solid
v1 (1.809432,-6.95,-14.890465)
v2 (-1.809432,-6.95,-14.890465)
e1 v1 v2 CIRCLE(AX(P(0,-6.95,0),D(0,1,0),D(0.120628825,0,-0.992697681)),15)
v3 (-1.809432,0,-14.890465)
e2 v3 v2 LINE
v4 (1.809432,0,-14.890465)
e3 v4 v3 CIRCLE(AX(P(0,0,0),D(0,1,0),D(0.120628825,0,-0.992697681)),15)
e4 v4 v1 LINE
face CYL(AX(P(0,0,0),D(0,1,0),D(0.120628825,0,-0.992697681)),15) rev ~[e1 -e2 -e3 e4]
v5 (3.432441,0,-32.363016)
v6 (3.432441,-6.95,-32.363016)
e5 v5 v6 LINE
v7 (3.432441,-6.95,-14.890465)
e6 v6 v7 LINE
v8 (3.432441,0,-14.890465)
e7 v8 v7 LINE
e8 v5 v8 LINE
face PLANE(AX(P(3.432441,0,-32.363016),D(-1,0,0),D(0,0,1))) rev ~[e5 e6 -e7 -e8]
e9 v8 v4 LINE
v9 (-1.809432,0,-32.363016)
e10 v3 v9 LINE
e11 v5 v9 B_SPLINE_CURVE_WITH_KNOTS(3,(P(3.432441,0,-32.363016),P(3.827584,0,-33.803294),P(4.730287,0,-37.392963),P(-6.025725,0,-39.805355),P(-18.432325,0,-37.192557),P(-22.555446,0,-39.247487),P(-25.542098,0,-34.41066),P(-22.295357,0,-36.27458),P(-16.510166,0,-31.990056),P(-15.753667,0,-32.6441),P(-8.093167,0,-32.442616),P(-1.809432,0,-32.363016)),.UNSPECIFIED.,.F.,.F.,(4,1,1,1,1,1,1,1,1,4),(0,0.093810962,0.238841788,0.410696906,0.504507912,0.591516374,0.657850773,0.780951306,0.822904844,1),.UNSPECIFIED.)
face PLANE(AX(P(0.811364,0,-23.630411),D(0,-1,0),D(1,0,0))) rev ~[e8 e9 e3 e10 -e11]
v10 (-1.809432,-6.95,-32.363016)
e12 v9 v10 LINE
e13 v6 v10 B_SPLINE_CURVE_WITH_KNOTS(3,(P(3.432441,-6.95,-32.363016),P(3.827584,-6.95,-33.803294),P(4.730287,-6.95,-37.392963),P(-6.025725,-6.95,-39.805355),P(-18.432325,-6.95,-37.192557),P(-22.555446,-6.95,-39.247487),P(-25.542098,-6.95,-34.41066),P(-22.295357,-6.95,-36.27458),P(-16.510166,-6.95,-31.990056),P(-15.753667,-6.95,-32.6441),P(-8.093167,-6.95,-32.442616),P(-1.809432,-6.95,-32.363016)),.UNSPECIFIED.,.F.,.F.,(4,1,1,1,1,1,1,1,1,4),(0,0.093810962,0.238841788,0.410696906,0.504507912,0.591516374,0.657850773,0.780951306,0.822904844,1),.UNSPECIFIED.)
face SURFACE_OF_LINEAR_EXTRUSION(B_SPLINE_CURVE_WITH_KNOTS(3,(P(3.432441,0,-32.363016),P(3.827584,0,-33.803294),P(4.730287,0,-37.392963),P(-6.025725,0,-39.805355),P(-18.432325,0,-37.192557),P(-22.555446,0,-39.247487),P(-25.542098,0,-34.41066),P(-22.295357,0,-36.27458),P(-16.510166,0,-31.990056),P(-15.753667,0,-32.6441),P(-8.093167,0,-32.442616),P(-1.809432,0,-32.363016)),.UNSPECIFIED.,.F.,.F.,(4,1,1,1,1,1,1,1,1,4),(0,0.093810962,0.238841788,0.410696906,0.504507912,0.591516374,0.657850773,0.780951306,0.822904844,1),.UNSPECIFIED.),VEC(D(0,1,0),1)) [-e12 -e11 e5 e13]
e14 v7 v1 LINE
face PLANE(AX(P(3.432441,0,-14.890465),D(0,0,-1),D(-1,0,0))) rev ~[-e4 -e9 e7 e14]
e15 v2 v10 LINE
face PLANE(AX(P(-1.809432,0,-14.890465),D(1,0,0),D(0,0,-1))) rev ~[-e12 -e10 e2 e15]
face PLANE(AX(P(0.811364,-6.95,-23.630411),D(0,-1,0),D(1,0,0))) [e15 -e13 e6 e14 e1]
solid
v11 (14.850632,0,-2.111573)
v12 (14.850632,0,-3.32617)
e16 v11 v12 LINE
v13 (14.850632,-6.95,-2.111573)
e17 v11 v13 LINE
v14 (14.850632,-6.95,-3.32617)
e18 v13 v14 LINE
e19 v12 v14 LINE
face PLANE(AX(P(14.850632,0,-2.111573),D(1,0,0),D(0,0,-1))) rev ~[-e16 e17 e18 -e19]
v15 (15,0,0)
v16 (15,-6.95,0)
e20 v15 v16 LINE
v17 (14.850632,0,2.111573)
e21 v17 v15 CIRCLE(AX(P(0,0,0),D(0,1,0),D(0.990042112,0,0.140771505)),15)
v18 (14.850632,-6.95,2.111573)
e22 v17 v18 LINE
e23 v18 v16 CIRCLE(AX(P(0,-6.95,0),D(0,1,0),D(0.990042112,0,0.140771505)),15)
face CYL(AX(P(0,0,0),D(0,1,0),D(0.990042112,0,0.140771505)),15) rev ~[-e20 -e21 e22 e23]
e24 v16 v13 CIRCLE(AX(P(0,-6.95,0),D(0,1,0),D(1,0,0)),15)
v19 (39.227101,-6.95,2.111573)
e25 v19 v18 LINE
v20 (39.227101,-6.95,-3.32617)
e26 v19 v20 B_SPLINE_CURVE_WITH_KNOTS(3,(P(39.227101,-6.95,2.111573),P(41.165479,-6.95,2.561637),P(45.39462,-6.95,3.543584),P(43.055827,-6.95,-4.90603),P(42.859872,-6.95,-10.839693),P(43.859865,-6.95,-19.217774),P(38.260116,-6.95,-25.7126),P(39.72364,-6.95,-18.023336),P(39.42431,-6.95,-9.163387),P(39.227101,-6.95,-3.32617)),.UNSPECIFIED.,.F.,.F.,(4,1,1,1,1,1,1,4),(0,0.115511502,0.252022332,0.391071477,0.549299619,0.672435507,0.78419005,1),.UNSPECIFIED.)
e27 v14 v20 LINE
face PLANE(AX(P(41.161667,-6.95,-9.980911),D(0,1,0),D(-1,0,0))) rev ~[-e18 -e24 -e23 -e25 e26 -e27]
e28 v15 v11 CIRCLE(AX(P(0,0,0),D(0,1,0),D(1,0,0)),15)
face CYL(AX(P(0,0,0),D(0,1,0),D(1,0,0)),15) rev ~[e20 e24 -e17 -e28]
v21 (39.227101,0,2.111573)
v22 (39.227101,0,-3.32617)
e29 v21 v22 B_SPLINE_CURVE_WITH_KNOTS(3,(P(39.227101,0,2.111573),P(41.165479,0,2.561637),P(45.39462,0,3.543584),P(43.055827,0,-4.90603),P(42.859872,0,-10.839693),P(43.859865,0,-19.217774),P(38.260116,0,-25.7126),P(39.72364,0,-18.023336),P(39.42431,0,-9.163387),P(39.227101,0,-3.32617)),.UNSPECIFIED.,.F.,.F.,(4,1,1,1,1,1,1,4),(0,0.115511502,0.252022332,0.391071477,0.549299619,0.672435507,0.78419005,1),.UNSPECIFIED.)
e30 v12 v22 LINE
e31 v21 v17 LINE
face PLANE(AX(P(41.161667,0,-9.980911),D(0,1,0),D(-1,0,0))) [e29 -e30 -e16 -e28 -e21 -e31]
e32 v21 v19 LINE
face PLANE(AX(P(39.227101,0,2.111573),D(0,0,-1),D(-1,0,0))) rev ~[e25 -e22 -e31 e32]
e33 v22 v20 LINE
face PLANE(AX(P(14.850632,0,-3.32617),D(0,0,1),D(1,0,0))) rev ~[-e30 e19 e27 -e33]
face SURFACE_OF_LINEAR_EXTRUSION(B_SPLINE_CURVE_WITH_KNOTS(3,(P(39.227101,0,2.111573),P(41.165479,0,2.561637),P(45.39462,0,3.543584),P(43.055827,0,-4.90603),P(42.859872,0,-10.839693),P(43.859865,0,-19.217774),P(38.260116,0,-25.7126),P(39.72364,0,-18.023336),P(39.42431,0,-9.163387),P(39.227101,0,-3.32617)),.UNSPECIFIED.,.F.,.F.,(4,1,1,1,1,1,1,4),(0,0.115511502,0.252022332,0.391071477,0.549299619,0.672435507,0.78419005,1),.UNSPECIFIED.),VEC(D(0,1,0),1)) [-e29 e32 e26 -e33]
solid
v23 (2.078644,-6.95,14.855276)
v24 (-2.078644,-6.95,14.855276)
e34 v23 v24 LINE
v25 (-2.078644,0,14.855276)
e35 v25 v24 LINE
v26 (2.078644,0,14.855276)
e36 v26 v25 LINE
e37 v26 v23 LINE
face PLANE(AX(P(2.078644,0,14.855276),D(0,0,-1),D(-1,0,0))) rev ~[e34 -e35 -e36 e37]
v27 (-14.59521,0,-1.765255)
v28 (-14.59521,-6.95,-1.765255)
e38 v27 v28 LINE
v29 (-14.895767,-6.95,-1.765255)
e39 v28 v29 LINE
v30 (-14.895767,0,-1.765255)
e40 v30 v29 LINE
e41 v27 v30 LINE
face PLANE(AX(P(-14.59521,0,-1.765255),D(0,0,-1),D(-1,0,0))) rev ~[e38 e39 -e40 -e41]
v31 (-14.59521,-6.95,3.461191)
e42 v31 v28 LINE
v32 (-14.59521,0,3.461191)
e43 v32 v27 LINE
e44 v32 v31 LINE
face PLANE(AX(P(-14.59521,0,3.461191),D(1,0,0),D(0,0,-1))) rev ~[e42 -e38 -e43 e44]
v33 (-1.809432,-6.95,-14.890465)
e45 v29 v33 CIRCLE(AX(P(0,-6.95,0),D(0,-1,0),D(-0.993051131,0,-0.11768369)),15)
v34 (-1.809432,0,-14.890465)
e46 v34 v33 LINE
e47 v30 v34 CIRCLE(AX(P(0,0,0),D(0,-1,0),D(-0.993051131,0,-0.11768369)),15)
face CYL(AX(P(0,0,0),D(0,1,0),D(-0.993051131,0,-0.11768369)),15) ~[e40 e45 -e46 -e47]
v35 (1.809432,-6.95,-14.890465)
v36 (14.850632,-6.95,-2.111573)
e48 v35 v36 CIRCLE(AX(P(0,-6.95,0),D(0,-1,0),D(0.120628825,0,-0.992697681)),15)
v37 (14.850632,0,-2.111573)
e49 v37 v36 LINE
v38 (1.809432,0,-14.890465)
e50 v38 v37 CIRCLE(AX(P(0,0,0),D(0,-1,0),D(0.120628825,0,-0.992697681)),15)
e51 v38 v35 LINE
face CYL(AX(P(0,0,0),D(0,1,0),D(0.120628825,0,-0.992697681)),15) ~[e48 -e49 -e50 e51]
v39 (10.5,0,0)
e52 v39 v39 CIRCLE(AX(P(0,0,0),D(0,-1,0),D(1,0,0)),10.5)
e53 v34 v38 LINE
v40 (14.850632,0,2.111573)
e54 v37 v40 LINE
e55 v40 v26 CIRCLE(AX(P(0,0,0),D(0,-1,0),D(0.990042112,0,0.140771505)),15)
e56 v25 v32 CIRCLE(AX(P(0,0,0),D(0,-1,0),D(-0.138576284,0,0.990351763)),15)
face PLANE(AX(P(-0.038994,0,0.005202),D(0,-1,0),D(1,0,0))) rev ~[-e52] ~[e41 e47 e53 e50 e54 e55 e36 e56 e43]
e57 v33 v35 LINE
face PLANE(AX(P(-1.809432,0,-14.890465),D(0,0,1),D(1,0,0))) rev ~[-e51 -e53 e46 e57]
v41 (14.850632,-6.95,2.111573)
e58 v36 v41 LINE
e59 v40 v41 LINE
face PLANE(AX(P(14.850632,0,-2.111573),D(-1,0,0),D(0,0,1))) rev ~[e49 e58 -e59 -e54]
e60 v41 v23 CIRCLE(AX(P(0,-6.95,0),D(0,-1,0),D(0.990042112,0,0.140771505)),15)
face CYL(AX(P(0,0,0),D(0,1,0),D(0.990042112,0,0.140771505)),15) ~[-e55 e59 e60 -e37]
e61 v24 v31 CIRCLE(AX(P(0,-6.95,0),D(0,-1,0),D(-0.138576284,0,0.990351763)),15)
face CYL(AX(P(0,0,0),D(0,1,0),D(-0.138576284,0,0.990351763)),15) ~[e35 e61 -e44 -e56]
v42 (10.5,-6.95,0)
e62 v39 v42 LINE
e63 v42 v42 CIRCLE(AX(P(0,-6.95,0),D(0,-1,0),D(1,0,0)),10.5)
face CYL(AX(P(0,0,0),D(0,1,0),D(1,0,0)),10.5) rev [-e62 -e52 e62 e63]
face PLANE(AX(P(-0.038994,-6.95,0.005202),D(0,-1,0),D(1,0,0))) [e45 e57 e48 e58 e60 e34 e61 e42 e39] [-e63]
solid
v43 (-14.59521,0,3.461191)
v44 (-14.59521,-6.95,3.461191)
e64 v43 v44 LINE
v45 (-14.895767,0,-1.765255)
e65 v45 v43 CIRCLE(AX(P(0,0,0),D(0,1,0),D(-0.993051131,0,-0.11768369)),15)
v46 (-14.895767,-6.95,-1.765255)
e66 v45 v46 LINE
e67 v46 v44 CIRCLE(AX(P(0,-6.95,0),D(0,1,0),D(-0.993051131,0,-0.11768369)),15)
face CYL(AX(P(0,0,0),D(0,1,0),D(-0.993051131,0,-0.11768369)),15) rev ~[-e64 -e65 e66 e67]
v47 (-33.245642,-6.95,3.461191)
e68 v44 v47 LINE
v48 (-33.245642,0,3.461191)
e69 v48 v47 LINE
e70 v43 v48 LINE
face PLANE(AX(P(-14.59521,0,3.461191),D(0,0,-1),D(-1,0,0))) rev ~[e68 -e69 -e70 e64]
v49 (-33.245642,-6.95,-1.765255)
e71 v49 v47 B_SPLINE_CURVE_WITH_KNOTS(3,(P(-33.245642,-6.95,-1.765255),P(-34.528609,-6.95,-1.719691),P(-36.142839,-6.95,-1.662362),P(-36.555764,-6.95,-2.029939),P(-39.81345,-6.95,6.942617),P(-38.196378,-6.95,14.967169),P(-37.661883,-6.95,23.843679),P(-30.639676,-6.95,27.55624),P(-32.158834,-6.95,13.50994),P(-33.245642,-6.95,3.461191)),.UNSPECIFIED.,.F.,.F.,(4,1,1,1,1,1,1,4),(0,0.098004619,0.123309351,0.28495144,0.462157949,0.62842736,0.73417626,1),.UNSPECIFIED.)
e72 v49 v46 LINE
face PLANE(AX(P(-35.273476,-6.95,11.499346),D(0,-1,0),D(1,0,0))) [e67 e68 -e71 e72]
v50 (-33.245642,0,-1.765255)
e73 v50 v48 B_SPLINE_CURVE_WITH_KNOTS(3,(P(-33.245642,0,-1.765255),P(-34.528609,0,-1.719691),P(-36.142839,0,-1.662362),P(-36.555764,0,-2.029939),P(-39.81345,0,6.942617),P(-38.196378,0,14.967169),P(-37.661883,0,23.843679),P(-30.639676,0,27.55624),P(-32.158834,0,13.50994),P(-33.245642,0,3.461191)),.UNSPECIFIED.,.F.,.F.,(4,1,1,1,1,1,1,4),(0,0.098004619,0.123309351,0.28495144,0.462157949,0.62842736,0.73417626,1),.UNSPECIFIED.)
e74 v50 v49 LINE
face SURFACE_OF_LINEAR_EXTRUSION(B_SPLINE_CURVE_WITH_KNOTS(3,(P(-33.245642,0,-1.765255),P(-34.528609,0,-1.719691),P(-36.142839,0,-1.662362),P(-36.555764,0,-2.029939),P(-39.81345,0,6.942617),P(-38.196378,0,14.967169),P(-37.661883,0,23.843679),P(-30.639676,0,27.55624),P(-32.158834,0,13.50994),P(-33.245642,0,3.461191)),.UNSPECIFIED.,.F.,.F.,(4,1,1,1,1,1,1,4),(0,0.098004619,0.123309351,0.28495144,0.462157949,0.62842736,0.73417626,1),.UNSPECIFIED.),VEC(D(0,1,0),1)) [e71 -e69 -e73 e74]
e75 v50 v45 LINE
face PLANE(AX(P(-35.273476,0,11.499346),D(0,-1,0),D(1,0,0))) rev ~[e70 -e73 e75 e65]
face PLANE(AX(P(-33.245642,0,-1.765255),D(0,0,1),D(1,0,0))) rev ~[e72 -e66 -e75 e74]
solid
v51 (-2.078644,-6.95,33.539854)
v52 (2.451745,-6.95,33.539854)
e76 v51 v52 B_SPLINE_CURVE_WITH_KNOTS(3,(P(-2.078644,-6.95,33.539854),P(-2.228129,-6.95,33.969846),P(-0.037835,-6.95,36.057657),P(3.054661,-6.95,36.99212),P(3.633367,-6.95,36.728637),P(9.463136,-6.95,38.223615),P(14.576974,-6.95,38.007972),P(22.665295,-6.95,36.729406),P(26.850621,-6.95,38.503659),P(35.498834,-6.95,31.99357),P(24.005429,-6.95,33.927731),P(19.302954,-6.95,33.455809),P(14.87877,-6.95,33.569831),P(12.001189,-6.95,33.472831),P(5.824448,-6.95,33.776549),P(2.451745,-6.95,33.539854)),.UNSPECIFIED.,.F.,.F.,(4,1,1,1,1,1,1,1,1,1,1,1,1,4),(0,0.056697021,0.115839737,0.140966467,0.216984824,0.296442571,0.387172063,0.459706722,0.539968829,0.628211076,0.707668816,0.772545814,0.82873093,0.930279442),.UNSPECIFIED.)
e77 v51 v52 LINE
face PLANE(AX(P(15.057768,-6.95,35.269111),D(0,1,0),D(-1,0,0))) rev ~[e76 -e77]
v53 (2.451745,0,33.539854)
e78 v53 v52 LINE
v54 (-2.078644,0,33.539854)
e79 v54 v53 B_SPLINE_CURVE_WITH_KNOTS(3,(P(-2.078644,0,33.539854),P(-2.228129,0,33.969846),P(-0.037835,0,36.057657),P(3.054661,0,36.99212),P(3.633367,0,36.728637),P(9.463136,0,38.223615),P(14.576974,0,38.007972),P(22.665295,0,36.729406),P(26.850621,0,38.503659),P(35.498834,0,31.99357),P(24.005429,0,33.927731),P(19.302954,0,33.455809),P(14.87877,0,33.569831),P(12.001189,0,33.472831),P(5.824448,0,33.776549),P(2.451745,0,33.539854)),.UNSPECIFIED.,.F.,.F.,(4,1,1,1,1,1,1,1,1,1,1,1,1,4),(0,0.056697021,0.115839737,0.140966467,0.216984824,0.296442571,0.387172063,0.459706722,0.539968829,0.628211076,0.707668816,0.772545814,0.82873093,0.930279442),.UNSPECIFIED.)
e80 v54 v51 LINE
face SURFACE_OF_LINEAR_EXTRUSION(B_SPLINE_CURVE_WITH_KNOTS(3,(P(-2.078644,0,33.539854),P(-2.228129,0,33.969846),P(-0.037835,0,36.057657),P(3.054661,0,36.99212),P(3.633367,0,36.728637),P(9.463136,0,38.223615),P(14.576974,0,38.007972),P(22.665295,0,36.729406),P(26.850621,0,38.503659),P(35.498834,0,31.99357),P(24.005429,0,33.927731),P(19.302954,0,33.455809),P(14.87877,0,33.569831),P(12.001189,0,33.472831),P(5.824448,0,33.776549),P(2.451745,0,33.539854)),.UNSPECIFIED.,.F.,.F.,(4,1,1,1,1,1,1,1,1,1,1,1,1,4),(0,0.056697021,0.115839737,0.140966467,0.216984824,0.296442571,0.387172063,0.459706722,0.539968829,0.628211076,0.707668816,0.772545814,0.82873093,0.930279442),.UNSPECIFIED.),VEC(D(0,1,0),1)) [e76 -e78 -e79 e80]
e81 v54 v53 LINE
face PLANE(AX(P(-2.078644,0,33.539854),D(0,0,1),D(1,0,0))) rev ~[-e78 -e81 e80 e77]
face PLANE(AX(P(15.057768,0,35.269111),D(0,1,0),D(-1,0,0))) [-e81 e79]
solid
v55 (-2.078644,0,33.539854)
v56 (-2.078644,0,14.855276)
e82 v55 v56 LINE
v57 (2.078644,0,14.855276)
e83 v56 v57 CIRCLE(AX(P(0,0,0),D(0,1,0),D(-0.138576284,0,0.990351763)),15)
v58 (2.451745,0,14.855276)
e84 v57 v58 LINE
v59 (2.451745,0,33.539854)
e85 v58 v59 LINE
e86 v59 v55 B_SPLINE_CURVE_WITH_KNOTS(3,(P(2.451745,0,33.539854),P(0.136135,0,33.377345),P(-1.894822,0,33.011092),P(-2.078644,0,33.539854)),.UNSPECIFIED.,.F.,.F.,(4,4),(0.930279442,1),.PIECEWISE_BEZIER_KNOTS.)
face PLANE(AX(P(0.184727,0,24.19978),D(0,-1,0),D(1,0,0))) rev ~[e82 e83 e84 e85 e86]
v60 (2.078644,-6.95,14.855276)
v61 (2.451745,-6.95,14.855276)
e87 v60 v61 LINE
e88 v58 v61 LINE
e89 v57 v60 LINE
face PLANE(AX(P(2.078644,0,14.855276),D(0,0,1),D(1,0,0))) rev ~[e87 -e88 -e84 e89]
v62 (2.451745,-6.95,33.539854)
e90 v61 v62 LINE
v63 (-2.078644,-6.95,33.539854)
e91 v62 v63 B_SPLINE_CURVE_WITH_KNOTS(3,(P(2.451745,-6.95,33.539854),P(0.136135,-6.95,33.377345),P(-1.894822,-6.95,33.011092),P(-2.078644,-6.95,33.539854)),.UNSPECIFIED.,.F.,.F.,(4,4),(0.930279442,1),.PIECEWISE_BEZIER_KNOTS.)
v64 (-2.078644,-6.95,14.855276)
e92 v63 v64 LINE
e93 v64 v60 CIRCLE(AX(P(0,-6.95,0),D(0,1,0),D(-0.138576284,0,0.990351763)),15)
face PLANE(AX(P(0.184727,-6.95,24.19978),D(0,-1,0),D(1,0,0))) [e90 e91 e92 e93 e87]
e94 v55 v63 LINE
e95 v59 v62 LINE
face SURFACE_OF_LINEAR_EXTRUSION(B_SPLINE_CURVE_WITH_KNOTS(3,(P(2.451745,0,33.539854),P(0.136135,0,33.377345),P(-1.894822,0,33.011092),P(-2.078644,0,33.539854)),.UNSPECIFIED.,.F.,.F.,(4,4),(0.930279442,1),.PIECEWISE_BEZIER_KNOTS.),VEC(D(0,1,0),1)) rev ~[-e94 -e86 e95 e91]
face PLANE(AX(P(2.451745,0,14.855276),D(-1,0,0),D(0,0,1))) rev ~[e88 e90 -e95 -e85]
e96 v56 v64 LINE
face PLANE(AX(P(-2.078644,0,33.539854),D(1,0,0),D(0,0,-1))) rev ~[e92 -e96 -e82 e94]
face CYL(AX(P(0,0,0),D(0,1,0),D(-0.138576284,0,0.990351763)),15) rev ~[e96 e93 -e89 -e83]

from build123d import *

# Parameters (mm, degrees)
F1_DEPTH = 6.95
F0_R     = 10.5


with BuildPart() as f1:
    # F0 (on Front) → F1 (new body)
    with BuildSketch(Plane.XZ):
        with BuildLine():
            Line((-33.2456417382, -1.7652553506), (-33.2456417382, 3.4611913842))
            add(Edge.make_bspline(
                [(-33.2456417382, -1.7652553506), (-34.5286094499, -1.7196912345), (-36.1428386296, -1.6623624918), (-36.5557644127, -2.0299386655), (-39.8134499815, 6.9426169345), (-38.1963776138, 14.967168871), (-37.6618827211, 23.8436787664), (-30.6396764475, 27.5562401016), (-32.1588338102, 13.5099399479), (-33.2456417382, 3.4611913842)],
                knots=[0, 0, 0, 0, 0.0980046189, 0.1233093507, 0.2849514398, 0.4621579485, 0.6284273598, 0.7341762604, 1, 1, 1, 1], degree=3))
        make_face()
        with BuildLine():
            ThreePointArc((-14.8957669674, -1.7652553506), (-14.9752584824, 0.8611813885), (-14.5952099746, 3.4611913842))
            Line((-14.5952099746, 3.4611913842), (-33.2456417382, 3.4611913842))
            Line((-33.2456417382, 3.4611913842), (-33.2456417382, -1.7652553506))
            Line((-33.2456417382, -1.7652553506), (-14.8957669674, -1.7652553506))
        make_face()
    extrude(amount=F1_DEPTH)


with BuildPart() as f1b:
    # F0 (on Front) → F1, piece 2 (new body)
    with BuildSketch(Plane.XZ):
        with BuildLine():
            Line((14.8506316787, -2.1115725757), (14.8506316787, 2.1115725757))
            ThreePointArc((14.8506316787, 2.1115725757), (10.5948380343, 10.6183523688), (2.0786442586, 14.8552764379))
            Line((2.0786442586, 14.8552764379), (-2.0786442586, 14.8552764379))
            ThreePointArc((-2.0786442586, 14.8552764379), (-10.0975565015, 11.0923105212), (-14.5952099746, 3.4611913842))
            Line((-14.5952099746, 3.4611913842), (-14.5952099746, -1.7652553506))
            Line((-14.5952099746, -1.7652553506), (-14.8957669674, -1.7652553506))
            ThreePointArc((-14.8957669674, -1.7652553506), (-10.6223210637, -10.5908590407), (-1.8094323726, -14.8904652207))
            Line((-1.8094323726, -14.8904652207), (1.8094323726, -14.8904652207))
            ThreePointArc((1.8094323726, -14.8904652207), (10.4983073806, -10.7138014795), (14.8506316787, -2.1115725757))
        make_face()
        Circle(F0_R, mode=Mode.SUBTRACT)
    extrude(amount=F1_DEPTH)


with BuildPart() as f1c:
    # F0 (on Front) → F1, piece 3 (new body)
    with BuildSketch(Plane.XZ):
        with BuildLine():
            ThreePointArc((-2.0786442586, 14.8552764379), (0, 15), (2.0786442586, 14.8552764379))
            Line((2.0786442586, 14.8552764379), (2.4517448619, 14.8552764379))
            Line((2.4517448619, 14.8552764379), (2.4517448619, 33.5398539901))
            add(Edge.make_bspline(
                [(2.4517448619, 33.5398539901), (0.1361349429, 33.377345386), (-1.8948218388, 33.0110916516), (-2.0786442586, 33.5398539901)],
                knots=[0.9302794421, 0.9302794421, 0.9302794421, 0.9302794421, 1, 1, 1, 1], degree=3))
            Line((-2.0786442586, 33.5398539901), (-2.0786442586, 14.8552764379))
        make_face()
    extrude(amount=F1_DEPTH)


with BuildPart() as f1d:
    # F0 (on Front) → F1, piece 4 (new body)
    with BuildSketch(Plane.XZ):
        with BuildLine():
            add(Edge.make_bspline(
                [(-2.0786442586, 33.5398539901), (-2.2281293452, 33.9698455223), (-0.0378350649, 36.0576569601), (3.0546612057, 36.9921196902), (3.6333666261, 36.7286365586), (9.4631359852, 38.2236146594), (14.5769740246, 38.00797199), (22.6652953434, 36.7294055445), (26.8506211116, 38.5036589973), (35.4988336061, 31.9935696585), (24.0054292018, 33.9277311489), (19.3029541754, 33.4558090357), (14.8787701955, 33.5698308715), (12.0011889206, 33.4728311552), (5.824447981, 33.7765489841), (2.4517448619, 33.5398539901)],
                knots=[0, 0, 0, 0, 0.0566970212, 0.1158397367, 0.1409664673, 0.2169848244, 0.2964425705, 0.3871720631, 0.4597067215, 0.5399688294, 0.6282110757, 0.7076688155, 0.772545814, 0.8287309296, 0.9302794421, 0.9302794421, 0.9302794421, 0.9302794421], degree=3))
            Line((-2.0786442586, 33.5398539901), (2.4517448619, 33.5398539901))
        make_face()
    extrude(amount=F1_DEPTH)


with BuildPart() as f1e:
    # F0 (on Front) → F1, piece 5 (new body)
    with BuildSketch(Plane.XZ):
        with BuildLine():
            add(Edge.make_bspline(
                [(39.2271014895, 2.1115725757), (41.1654789302, 2.5616367114), (45.3946197084, 3.5435840603), (43.0558271711, -4.906029526), (42.8598715278, -10.8396928368), (43.85986512, -19.2177742508), (38.2601162116, -25.7125995926), (39.7236403225, -18.0233362408), (39.4243099196, -9.163387141), (39.2271014895, -3.3261696874)],
                knots=[0, 0, 0, 0, 0.1155115018, 0.2520223318, 0.3910714773, 0.5492996187, 0.6724355072, 0.7841900497, 1, 1, 1, 1], degree=3))
            Line((39.2271014895, 2.1115725757), (39.2271014895, -3.3261696874))
        make_face()
        with BuildLine():
            ThreePointArc((14.8506316787, 2.1115725757), (14.9626113226, 1.058424494), (15, 0))
            ThreePointArc((15, 0), (14.9626113226, -1.058424494), (14.8506316787, -2.1115725757))
            Line((14.8506316787, -2.1115725757), (14.8506316787, -3.3261696874))
            Line((14.8506316787, -3.3261696874), (39.2271014895, -3.3261696874))
            Line((39.2271014895, -3.3261696874), (39.2271014895, 2.1115725757))
            Line((39.2271014895, 2.1115725757), (14.8506316787, 2.1115725757))
        make_face()
    extrude(amount=F1_DEPTH)


with BuildPart() as f1f:
    # F0 (on Front) → F1, piece 6 (new body)
    with BuildSketch(Plane.XZ):
        with BuildLine():
            Line((3.43244127, -14.8904652207), (1.8094323726, -14.8904652207))
            ThreePointArc((1.8094323726, -14.8904652207), (0, -15), (-1.8094323726, -14.8904652207))
            Line((-1.8094323726, -14.8904652207), (-1.8094323726, -32.3630161583))
            Line((-1.8094323726, -32.3630161583), (3.43244127, -32.3630161583))
            Line((3.43244127, -32.3630161583), (3.43244127, -14.8904652207))
        make_face()
        with BuildLine():
            Line((3.43244127, -32.3630161583), (-1.8094323726, -32.3630161583))
            add(Edge.make_bspline(
                [(3.43244127, -32.3630161583), (3.8275844941, -33.8032935216), (4.7302869421, -37.3929626982), (-6.0257252952, -39.8053551949), (-18.4323245068, -37.19255728), (-22.5554464108, -39.2474866311), (-25.5420976324, -34.4106601906), (-22.2953566838, -36.2745804779), (-16.5101658221, -31.990056252), (-15.7536667908, -32.6441003786), (-8.0931673505, -32.4426156995), (-1.8094323726, -32.3630161583)],
                knots=[0, 0, 0, 0, 0.0938109618, 0.2388417881, 0.4106969058, 0.5045079121, 0.5915163738, 0.6578507725, 0.7809513065, 0.822904844, 1, 1, 1, 1], degree=3))
        make_face()
    extrude(amount=F1_DEPTH)


solid = Compound([f1.part, f1b.part, f1c.part, f1d.part, f1e.part, f1f.part])
